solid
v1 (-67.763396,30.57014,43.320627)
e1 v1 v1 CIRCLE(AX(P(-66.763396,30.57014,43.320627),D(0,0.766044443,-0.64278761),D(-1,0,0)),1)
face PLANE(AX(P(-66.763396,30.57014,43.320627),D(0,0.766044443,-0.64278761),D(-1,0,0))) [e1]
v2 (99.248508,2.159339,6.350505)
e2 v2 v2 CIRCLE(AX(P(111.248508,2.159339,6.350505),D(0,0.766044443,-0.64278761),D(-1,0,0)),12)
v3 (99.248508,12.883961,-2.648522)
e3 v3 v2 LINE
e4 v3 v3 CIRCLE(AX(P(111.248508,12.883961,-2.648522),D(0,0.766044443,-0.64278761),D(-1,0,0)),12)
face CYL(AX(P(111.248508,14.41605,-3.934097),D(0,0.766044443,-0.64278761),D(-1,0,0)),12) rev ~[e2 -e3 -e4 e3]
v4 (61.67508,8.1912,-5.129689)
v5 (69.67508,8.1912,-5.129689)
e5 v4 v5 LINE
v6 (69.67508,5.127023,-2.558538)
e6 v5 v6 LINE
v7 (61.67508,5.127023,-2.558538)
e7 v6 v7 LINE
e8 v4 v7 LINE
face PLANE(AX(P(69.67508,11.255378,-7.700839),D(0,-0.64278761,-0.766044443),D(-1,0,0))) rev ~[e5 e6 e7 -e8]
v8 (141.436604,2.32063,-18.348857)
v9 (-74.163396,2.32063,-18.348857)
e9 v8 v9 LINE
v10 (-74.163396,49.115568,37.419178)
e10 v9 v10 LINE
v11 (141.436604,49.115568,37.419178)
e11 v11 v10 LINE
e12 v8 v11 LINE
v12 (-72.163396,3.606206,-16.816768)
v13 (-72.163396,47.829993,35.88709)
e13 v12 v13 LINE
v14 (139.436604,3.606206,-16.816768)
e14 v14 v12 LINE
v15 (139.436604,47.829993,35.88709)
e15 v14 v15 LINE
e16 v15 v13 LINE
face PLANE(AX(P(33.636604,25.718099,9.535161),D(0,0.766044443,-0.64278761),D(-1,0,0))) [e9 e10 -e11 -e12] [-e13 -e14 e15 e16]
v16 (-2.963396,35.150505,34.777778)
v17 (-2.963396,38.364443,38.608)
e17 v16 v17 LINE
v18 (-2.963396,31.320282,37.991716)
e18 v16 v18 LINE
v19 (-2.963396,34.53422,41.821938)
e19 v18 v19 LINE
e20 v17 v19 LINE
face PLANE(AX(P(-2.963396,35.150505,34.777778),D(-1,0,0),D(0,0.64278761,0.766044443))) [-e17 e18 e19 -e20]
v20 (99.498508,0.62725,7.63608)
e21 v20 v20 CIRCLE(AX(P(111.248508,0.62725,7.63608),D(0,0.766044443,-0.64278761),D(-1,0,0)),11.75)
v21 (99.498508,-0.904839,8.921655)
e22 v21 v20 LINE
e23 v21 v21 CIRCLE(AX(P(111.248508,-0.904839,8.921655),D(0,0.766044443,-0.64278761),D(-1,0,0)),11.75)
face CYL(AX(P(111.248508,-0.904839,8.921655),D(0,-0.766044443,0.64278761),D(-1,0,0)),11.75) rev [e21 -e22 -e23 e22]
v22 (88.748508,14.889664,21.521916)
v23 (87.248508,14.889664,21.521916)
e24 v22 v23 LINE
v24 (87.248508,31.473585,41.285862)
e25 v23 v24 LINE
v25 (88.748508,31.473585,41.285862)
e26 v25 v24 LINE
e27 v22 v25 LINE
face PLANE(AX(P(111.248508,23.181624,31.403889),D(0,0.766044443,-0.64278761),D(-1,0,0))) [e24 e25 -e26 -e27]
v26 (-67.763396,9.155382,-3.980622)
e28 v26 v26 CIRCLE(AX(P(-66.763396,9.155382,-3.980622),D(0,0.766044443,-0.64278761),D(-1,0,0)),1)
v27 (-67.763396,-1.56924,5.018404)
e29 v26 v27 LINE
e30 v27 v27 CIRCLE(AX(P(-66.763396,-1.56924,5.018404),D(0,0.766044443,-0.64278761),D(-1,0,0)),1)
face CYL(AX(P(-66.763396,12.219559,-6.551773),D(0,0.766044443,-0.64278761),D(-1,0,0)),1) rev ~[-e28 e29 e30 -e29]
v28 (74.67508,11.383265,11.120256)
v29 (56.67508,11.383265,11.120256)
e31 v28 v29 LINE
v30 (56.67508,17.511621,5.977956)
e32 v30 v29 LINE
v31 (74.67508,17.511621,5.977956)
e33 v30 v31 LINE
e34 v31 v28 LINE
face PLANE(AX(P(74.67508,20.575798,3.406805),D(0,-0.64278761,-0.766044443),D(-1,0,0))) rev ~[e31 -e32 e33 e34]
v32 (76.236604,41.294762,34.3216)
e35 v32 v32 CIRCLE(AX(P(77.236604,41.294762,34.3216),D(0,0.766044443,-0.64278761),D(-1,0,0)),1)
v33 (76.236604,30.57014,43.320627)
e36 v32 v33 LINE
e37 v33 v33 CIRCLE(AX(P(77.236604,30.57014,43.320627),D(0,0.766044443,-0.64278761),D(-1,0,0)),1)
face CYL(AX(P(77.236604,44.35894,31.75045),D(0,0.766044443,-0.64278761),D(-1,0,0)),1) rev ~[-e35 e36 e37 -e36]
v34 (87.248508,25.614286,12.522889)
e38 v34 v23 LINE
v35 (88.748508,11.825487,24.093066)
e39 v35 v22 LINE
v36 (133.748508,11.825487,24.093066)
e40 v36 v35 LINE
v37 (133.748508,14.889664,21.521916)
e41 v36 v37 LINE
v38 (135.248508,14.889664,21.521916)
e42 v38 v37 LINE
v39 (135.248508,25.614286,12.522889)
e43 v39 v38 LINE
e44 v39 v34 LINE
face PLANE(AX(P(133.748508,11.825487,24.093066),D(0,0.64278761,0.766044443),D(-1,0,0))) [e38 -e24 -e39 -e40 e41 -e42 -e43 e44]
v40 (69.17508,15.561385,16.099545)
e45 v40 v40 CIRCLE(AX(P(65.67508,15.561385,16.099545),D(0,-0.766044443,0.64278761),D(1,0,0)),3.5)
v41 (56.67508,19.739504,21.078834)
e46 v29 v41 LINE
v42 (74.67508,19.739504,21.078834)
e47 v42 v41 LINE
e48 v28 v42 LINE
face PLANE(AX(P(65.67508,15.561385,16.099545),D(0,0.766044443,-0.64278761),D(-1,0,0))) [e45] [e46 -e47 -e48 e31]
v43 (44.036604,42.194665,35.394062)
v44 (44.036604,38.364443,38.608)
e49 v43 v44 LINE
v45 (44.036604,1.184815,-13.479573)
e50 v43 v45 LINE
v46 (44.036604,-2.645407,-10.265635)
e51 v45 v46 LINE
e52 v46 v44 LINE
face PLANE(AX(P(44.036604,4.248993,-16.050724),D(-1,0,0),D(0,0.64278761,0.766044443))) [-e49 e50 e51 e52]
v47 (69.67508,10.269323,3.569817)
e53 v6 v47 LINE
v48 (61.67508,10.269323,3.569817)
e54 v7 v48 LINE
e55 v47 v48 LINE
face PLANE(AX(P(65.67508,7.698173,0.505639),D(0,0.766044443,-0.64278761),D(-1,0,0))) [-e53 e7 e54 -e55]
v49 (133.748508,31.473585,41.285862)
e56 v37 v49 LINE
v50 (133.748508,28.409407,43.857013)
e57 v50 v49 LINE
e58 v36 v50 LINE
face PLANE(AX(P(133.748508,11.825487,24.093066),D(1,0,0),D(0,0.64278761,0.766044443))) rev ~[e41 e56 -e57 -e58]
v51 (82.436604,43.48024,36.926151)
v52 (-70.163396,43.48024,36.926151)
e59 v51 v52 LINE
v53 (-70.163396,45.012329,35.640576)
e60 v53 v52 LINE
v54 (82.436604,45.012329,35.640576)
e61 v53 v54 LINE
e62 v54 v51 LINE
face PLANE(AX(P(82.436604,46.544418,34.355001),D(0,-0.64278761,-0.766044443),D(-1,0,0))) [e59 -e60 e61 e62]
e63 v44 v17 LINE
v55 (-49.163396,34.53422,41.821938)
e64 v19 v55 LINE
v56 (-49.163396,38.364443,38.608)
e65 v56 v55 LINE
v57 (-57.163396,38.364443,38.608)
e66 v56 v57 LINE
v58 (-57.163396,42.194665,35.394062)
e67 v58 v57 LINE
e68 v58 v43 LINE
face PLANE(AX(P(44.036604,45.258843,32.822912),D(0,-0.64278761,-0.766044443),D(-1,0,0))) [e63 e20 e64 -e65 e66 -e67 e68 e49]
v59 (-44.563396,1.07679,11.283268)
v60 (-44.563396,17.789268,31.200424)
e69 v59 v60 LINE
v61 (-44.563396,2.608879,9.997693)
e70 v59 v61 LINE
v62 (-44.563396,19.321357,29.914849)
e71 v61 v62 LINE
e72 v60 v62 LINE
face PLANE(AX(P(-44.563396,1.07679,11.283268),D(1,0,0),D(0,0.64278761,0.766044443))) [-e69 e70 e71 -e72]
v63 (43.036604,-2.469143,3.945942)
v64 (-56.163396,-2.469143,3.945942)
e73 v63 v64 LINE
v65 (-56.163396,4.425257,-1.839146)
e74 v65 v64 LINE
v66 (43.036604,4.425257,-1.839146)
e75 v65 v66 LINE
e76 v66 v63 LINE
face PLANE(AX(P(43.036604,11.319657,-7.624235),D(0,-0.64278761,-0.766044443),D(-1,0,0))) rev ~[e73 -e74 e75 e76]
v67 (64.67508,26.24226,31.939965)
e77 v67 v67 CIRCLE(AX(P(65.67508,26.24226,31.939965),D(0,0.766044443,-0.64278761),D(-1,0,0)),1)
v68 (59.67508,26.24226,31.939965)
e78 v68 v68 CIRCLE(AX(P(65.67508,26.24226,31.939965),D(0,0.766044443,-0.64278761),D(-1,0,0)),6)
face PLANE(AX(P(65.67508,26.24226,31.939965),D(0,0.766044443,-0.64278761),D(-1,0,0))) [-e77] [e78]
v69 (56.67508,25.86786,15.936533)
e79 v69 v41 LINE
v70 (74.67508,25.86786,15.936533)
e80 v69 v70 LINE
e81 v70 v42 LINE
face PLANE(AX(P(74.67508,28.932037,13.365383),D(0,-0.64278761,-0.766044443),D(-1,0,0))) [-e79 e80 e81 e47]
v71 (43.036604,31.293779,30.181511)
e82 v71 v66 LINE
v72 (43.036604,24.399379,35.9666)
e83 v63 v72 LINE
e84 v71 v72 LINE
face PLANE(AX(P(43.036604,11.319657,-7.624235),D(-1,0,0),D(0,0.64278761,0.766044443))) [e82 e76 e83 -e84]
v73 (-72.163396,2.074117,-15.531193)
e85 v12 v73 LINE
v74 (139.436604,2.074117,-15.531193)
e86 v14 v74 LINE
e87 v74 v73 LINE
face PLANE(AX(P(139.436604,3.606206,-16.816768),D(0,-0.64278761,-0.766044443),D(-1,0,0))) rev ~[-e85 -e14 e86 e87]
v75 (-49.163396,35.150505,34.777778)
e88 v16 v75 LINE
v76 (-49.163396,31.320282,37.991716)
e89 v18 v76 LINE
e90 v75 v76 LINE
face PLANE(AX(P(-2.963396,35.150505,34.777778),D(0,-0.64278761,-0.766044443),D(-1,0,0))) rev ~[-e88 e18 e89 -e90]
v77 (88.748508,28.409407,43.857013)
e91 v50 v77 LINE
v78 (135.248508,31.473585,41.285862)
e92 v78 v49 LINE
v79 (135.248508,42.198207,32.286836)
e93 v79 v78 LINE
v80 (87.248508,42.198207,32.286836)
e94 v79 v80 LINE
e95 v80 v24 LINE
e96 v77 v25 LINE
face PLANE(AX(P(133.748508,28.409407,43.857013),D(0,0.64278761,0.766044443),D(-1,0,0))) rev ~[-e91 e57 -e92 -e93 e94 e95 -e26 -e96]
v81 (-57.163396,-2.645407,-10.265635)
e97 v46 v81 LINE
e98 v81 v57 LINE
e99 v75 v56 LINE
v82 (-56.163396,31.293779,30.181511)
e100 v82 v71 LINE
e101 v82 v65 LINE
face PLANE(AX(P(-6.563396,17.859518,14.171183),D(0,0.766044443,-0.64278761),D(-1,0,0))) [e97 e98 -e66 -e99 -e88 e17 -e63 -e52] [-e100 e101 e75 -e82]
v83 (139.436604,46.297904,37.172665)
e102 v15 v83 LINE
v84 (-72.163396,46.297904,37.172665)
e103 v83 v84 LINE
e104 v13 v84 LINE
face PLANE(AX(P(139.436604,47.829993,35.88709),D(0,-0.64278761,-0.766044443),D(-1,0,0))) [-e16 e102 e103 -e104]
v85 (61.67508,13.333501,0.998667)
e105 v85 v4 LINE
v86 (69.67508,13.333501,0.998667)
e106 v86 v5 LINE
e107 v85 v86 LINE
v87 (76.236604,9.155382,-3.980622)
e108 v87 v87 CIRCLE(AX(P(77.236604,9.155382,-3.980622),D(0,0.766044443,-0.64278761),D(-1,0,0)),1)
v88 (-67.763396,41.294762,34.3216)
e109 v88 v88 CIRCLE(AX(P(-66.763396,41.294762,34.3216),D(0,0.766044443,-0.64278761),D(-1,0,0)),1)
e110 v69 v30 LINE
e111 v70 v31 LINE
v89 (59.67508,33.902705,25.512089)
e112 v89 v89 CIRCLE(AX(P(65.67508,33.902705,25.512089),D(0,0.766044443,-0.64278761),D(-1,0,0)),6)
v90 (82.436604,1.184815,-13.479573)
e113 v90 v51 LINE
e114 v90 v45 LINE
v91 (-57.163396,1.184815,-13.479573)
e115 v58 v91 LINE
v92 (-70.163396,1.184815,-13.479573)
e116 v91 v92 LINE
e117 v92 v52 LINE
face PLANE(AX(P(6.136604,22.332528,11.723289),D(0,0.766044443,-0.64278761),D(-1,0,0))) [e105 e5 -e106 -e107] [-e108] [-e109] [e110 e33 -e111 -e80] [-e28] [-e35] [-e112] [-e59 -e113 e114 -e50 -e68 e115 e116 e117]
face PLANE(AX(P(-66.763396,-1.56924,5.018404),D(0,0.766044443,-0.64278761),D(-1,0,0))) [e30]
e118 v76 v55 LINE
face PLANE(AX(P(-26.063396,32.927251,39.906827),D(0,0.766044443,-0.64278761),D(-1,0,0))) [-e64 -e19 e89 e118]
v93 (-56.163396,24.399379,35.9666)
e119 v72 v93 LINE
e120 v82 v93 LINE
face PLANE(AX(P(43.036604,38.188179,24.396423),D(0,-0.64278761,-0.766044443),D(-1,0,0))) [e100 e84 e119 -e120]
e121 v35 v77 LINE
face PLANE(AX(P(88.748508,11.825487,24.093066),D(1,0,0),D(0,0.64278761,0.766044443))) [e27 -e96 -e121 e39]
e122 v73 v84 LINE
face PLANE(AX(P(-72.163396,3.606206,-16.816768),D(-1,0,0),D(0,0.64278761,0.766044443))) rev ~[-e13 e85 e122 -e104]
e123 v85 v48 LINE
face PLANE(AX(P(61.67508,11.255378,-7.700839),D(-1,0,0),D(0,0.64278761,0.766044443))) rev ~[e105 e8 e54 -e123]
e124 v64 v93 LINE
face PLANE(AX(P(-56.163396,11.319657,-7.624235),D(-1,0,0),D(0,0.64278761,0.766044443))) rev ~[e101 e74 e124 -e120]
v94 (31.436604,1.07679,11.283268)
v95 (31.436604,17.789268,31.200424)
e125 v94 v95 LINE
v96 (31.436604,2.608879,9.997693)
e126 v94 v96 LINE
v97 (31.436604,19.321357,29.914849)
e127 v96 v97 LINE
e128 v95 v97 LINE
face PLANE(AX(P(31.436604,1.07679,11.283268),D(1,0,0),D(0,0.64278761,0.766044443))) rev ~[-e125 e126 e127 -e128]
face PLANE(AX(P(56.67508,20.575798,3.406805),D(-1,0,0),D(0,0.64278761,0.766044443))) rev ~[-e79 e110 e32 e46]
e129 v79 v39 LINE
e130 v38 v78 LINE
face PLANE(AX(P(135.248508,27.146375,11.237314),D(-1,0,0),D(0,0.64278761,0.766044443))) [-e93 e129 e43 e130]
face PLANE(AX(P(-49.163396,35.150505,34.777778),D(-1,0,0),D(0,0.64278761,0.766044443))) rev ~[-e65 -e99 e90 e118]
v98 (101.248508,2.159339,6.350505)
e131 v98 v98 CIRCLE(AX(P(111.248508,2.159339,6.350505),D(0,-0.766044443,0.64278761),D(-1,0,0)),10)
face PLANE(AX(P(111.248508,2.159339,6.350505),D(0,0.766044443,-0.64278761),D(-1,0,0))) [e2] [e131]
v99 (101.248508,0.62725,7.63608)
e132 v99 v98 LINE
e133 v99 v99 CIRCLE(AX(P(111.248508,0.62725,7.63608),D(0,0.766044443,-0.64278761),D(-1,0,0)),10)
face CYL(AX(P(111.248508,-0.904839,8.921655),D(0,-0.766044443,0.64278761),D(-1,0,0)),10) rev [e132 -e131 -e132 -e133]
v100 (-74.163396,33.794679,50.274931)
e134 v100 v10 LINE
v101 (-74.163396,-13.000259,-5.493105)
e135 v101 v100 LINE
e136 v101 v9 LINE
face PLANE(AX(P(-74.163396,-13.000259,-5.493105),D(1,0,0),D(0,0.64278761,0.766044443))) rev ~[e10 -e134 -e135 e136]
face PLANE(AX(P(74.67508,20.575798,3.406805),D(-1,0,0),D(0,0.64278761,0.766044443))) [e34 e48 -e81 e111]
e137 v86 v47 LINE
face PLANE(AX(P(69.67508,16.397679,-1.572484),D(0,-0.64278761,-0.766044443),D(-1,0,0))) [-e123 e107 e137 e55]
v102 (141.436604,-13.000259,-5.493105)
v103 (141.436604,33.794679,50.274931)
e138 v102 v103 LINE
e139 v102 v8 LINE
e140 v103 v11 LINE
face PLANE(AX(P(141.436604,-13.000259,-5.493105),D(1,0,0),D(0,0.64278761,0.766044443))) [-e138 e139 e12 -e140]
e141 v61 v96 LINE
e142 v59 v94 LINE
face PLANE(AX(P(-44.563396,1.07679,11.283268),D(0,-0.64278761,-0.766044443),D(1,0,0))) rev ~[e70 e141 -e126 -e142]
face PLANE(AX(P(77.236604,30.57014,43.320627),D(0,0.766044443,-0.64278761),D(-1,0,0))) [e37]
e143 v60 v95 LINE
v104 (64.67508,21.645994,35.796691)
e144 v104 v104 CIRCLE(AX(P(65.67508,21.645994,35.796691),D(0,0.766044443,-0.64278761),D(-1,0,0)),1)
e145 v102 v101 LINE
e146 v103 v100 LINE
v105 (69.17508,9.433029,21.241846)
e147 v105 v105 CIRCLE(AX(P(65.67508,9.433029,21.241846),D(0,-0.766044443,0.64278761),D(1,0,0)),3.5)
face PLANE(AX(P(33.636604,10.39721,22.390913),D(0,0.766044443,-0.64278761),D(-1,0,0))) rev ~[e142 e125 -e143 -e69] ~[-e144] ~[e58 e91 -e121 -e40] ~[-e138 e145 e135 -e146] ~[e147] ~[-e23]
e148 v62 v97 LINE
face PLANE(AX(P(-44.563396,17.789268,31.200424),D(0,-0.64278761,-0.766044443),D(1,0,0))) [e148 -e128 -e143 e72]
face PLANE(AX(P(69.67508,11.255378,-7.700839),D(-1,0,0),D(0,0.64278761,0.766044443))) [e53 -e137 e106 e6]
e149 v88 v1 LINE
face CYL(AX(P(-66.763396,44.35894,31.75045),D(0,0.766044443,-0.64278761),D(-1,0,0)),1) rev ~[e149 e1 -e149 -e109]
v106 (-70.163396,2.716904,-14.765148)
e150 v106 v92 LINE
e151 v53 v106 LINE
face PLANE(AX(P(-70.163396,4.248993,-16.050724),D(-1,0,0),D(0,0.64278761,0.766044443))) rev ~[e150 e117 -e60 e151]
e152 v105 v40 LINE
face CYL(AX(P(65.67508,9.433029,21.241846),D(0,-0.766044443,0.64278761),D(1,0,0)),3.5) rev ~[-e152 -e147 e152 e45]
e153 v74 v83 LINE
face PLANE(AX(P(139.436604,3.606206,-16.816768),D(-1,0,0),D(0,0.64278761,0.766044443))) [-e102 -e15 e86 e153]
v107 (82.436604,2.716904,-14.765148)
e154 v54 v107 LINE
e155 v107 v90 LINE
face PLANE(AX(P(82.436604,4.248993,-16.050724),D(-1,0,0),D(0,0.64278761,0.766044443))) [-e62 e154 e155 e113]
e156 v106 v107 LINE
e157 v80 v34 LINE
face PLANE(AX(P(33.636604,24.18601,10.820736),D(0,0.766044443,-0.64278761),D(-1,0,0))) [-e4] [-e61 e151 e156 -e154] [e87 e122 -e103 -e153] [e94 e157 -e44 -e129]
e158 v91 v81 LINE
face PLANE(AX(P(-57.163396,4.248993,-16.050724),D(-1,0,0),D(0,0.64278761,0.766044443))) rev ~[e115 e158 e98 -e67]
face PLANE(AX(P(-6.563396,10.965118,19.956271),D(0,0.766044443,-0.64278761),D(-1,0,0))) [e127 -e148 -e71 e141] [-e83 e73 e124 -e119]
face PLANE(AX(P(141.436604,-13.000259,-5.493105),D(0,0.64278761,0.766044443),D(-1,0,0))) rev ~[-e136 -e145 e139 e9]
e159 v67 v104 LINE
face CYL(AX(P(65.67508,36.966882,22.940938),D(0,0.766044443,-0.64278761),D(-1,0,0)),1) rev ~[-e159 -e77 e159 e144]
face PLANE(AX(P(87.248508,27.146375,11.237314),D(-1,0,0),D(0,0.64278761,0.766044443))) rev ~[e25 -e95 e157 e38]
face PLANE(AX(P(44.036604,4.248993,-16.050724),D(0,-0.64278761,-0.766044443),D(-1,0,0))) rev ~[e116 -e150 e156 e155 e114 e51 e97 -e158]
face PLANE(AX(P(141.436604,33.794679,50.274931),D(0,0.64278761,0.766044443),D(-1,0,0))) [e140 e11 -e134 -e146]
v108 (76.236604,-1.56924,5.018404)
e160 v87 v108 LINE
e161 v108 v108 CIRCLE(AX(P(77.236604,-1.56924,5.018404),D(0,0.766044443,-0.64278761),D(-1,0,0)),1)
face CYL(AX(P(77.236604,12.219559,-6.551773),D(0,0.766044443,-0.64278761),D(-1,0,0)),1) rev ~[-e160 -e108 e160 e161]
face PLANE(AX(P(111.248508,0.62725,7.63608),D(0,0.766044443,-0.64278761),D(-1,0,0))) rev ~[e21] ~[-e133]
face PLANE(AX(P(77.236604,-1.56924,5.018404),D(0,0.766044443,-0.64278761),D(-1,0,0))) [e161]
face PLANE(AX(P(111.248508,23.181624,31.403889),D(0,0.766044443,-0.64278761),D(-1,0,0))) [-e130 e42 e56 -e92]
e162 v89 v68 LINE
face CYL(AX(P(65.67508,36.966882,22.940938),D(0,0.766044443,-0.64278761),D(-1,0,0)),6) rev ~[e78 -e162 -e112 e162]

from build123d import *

# Parameters (mm, degrees)
F3_W      = 215.6
F3_H      = 72.8
F4_DEPTH  = 20
F5_W      = 76
F5_H      = 26
F5_R      = 3.5
F6_DEPTH  = 55.8480022096
F7_R      = 1
F8_DEPTH  = 18
F9_W      = 99.2
F9_H      = 41.8
F10_DEPTH = 18
F11_R     = 6
F11_R_2   = 1
F12_DEPTH = 14
F13_DEPTH = 55.8480022096
F14_W     = 18
F14_H     = 13
F15_DEPTH = 12
F16_W     = 8
F16_H     = 8
F17_DEPTH = 8
F18_W     = 101.2
F18_H     = 63.8
F19_DEPTH = 9
F20_W     = 46.2
F20_H     = 5
F22_DEPTH = 5
F23_W     = 152.6
F23_H     = 65.8
F24_DEPTH = 4
F25_W     = 45
F25_H     = 25.8
F26_DEPTH = 55.8480022096
F27_W     = 48
F27_H     = 25.8
F28_DEPTH = 16
F29_R     = 10
F30_DEPTH = 55.8480022096
F29_R_2   = 11.75
F31_DEPTH = 2
F32_R     = 12
F33_DEPTH = 16
F34_W     = 211.6
F34_H     = 68.8
F35_DEPTH = 2


with BuildPart() as f4:
    # F3 (on face) → F4 (new body)
    with BuildSketch(Plane(origin=(0, -4.9240387651, 4.1317591117), x_dir=(-1, 0, 0), z_dir=(0, 0.7660444431, -0.6427876097))):
        with Locations((-33.6366042773, 23.835632431)):
            Rectangle(F3_W, F3_H)
    extrude(amount=F4_DEPTH)

    # F5 (on face) → F6 (cut, through all)
    with BuildSketch(Plane(origin=(0, -4.9240387651, 4.1317591117), x_dir=(1, 0, 0), z_dir=(0, -0.7660444431, 0.6427876097))):
        with Locations((-6.5633957227, 22.335632431)):
            Rectangle(F5_W, F5_H)
        with Locations((65.6750798225, 22.335632431)):
            Circle(F5_R)
    extrude(amount=-F6_DEPTH, mode=Mode.SUBTRACT)

    # F7 (on face) → F8 (cut, through all)
    with BuildSketch(Plane(origin=(0, 10.3968500973, -8.7239930821), x_dir=(-1, 0, 0), z_dir=(0, 0.7660444431, -0.6427876097))):
        with Locations((-77.2366042773, 52.835632431)):
            Circle(F7_R)
        with Locations((-77.2366042773, 2.835632431)):
            Circle(F7_R)
        with Locations((66.7633957227, 2.835632431)):
            Circle(F7_R)
        with Locations((66.7633957227, 52.835632431)):
            Circle(F7_R)
    extrude(amount=-F8_DEPTH, mode=Mode.SUBTRACT)

    # F9 (on face) → F10 (cut, through all)
    with BuildSketch(Plane(origin=(0, 10.3968500973, -8.7239930821), x_dir=(-1, 0, 0), z_dir=(0, 0.7660444431, -0.6427876097))):
        with Locations((6.5633957227, 22.335632431)):
            Rectangle(F9_W, F9_H)
    extrude(amount=-F10_DEPTH, mode=Mode.SUBTRACT)

    # F11 (on face) → F12 (cut, through all)
    with BuildSketch(Plane(origin=(0, 10.3968500973, -8.7239930821), x_dir=(-1, 0, 0), z_dir=(0, 0.7660444431, -0.6427876097))):
        with Locations((-65.6750798225, 41.335632431)):
            Circle(F11_R)
        with Locations((-65.6750798225, 41.335632431)):
            Circle(F11_R_2, mode=Mode.SUBTRACT)
        with Locations((-65.6750798225, 41.335632431)):
            Circle(F11_R_2)
    extrude(amount=-F12_DEPTH, mode=Mode.SUBTRACT)

    # F11 (on face) → F13 (cut, through all)
    with BuildSketch(Plane(origin=(0, 10.3968500973, -8.7239930821), x_dir=(-1, 0, 0), z_dir=(0, 0.7660444431, -0.6427876097))):
        with Locations((-65.6750798225, 41.335632431)):
            Circle(F11_R_2)
    extrude(amount=-F13_DEPTH, mode=Mode.SUBTRACT)

    # F14 (on face) → F15 (cut, through all)
    with BuildSketch(Plane(origin=(0, 10.3968500973, -8.7239930821), x_dir=(-1, 0, 0), z_dir=(0, 0.7660444431, -0.6427876097))):
        with Locations((-65.6750798225, 22.335632431)):
            Rectangle(F14_W, F14_H)
    extrude(amount=-F15_DEPTH, mode=Mode.SUBTRACT)

    # F16 (on face) → F17 (cut, through all)
    with BuildSketch(Plane(origin=(0, 10.3968500973, -8.7239930821), x_dir=(-1, 0, 0), z_dir=(0, 0.7660444431, -0.6427876097))):
        with Locations((-65.6750798225, 5.335632431)):
            Rectangle(F16_W, F16_H)
    extrude(amount=-F17_DEPTH, mode=Mode.SUBTRACT)

    # F18 (on face) → F19 (cut, through all)
    with BuildSketch(Plane(origin=(0, 10.3968500973, -8.7239930821), x_dir=(-1, 0, 0), z_dir=(0, 0.7660444431, -0.6427876097))):
        with Locations((6.5633957227, 22.335632431)):
            Rectangle(F18_W, F18_H)
    extrude(amount=-F19_DEPTH, mode=Mode.SUBTRACT)

    # F20 (on face) → F22 (cut)
    with BuildSketch(Plane(origin=(0, 3.5024501092, -2.9389045949), x_dir=(-1, 0, 0), z_dir=(0, 0.7660444431, -0.6427876097))):
        with Locations((26.0633957227, 51.735632431)):
            Rectangle(F20_W, F20_H)
    extrude(amount=-F22_DEPTH, mode=Mode.SUBTRACT)

    # F23 (on face) → F24 (cut, through all)
    with BuildSketch(Plane(origin=(0, 10.3968500973, -8.7239930821), x_dir=(-1, 0, 0), z_dir=(0, 0.7660444431, -0.6427876097))):
        with Locations((-6.1366042773, 23.335632431)):
            Rectangle(F23_W, F23_H)
    extrude(amount=-F24_DEPTH, mode=Mode.SUBTRACT)

    # F25 (on face) → F26 (cut, through all)
    with BuildSketch(Plane(origin=(0, -4.9240387651, 4.1317591117), x_dir=(-1, 0, 0), z_dir=(0, 0.7660444431, -0.6427876097))):
        with Locations((-111.2485080957, 38.9576355718)):
            Rectangle(F25_W, F25_H)
    extrude(amount=F26_DEPTH, mode=Mode.SUBTRACT)

    # F27 (on face) → F28 (cut, through all)
    with BuildSketch(Plane(origin=(0, 10.3968500973, -8.7239930821), x_dir=(-1, 0, 0), z_dir=(0, 0.7660444431, -0.6427876097))):
        with Locations((-111.2485080957, 38.9576355718)):
            Rectangle(F27_W, F27_H)
    extrude(amount=-F28_DEPTH, mode=Mode.SUBTRACT)

    # F29 (on face) → F30 (cut, through all)
    with BuildSketch(Plane(origin=(0, -4.9240387651, 4.1317591117), x_dir=(-1, 0, 0), z_dir=(0, 0.7660444431, -0.6427876097))):
        with Locations((-111.2485080957, 6.2527651899)):
            Circle(F29_R)
    extrude(amount=F30_DEPTH, mode=Mode.SUBTRACT)

    # F29 (on face) → F31 (cut)
    with BuildSketch(Plane(origin=(0, -4.9240387651, 4.1317591117), x_dir=(-1, 0, 0), z_dir=(0, 0.7660444431, -0.6427876097))):
        with Locations((-111.2485080957, 6.2527651899)):
            Circle(F29_R_2)
        with Locations((-111.2485080957, 6.2527651899)):
            Circle(F29_R, mode=Mode.SUBTRACT)
    extrude(amount=F31_DEPTH, mode=Mode.SUBTRACT)

    # F32 (on face) → F33 (cut, through all)
    with BuildSketch(Plane(origin=(0, 10.3968500973, -8.7239930821), x_dir=(-1, 0, 0), z_dir=(0, 0.7660444431, -0.6427876097))):
        with Locations((-111.2485080957, 6.2527651899)):
            Circle(F32_R)
    extrude(amount=-F33_DEPTH, mode=Mode.SUBTRACT)

    # F34 (on face) → F35 (cut)
    with BuildSketch(Plane(origin=(0, 10.3968500973, -8.7239930821), x_dir=(-1, 0, 0), z_dir=(0, 0.7660444431, -0.6427876097))):
        with Locations((-33.6366042773, 23.835632431)):
            Rectangle(F34_W, F34_H)
    extrude(amount=-F35_DEPTH, mode=Mode.SUBTRACT)


solid = f4.part
